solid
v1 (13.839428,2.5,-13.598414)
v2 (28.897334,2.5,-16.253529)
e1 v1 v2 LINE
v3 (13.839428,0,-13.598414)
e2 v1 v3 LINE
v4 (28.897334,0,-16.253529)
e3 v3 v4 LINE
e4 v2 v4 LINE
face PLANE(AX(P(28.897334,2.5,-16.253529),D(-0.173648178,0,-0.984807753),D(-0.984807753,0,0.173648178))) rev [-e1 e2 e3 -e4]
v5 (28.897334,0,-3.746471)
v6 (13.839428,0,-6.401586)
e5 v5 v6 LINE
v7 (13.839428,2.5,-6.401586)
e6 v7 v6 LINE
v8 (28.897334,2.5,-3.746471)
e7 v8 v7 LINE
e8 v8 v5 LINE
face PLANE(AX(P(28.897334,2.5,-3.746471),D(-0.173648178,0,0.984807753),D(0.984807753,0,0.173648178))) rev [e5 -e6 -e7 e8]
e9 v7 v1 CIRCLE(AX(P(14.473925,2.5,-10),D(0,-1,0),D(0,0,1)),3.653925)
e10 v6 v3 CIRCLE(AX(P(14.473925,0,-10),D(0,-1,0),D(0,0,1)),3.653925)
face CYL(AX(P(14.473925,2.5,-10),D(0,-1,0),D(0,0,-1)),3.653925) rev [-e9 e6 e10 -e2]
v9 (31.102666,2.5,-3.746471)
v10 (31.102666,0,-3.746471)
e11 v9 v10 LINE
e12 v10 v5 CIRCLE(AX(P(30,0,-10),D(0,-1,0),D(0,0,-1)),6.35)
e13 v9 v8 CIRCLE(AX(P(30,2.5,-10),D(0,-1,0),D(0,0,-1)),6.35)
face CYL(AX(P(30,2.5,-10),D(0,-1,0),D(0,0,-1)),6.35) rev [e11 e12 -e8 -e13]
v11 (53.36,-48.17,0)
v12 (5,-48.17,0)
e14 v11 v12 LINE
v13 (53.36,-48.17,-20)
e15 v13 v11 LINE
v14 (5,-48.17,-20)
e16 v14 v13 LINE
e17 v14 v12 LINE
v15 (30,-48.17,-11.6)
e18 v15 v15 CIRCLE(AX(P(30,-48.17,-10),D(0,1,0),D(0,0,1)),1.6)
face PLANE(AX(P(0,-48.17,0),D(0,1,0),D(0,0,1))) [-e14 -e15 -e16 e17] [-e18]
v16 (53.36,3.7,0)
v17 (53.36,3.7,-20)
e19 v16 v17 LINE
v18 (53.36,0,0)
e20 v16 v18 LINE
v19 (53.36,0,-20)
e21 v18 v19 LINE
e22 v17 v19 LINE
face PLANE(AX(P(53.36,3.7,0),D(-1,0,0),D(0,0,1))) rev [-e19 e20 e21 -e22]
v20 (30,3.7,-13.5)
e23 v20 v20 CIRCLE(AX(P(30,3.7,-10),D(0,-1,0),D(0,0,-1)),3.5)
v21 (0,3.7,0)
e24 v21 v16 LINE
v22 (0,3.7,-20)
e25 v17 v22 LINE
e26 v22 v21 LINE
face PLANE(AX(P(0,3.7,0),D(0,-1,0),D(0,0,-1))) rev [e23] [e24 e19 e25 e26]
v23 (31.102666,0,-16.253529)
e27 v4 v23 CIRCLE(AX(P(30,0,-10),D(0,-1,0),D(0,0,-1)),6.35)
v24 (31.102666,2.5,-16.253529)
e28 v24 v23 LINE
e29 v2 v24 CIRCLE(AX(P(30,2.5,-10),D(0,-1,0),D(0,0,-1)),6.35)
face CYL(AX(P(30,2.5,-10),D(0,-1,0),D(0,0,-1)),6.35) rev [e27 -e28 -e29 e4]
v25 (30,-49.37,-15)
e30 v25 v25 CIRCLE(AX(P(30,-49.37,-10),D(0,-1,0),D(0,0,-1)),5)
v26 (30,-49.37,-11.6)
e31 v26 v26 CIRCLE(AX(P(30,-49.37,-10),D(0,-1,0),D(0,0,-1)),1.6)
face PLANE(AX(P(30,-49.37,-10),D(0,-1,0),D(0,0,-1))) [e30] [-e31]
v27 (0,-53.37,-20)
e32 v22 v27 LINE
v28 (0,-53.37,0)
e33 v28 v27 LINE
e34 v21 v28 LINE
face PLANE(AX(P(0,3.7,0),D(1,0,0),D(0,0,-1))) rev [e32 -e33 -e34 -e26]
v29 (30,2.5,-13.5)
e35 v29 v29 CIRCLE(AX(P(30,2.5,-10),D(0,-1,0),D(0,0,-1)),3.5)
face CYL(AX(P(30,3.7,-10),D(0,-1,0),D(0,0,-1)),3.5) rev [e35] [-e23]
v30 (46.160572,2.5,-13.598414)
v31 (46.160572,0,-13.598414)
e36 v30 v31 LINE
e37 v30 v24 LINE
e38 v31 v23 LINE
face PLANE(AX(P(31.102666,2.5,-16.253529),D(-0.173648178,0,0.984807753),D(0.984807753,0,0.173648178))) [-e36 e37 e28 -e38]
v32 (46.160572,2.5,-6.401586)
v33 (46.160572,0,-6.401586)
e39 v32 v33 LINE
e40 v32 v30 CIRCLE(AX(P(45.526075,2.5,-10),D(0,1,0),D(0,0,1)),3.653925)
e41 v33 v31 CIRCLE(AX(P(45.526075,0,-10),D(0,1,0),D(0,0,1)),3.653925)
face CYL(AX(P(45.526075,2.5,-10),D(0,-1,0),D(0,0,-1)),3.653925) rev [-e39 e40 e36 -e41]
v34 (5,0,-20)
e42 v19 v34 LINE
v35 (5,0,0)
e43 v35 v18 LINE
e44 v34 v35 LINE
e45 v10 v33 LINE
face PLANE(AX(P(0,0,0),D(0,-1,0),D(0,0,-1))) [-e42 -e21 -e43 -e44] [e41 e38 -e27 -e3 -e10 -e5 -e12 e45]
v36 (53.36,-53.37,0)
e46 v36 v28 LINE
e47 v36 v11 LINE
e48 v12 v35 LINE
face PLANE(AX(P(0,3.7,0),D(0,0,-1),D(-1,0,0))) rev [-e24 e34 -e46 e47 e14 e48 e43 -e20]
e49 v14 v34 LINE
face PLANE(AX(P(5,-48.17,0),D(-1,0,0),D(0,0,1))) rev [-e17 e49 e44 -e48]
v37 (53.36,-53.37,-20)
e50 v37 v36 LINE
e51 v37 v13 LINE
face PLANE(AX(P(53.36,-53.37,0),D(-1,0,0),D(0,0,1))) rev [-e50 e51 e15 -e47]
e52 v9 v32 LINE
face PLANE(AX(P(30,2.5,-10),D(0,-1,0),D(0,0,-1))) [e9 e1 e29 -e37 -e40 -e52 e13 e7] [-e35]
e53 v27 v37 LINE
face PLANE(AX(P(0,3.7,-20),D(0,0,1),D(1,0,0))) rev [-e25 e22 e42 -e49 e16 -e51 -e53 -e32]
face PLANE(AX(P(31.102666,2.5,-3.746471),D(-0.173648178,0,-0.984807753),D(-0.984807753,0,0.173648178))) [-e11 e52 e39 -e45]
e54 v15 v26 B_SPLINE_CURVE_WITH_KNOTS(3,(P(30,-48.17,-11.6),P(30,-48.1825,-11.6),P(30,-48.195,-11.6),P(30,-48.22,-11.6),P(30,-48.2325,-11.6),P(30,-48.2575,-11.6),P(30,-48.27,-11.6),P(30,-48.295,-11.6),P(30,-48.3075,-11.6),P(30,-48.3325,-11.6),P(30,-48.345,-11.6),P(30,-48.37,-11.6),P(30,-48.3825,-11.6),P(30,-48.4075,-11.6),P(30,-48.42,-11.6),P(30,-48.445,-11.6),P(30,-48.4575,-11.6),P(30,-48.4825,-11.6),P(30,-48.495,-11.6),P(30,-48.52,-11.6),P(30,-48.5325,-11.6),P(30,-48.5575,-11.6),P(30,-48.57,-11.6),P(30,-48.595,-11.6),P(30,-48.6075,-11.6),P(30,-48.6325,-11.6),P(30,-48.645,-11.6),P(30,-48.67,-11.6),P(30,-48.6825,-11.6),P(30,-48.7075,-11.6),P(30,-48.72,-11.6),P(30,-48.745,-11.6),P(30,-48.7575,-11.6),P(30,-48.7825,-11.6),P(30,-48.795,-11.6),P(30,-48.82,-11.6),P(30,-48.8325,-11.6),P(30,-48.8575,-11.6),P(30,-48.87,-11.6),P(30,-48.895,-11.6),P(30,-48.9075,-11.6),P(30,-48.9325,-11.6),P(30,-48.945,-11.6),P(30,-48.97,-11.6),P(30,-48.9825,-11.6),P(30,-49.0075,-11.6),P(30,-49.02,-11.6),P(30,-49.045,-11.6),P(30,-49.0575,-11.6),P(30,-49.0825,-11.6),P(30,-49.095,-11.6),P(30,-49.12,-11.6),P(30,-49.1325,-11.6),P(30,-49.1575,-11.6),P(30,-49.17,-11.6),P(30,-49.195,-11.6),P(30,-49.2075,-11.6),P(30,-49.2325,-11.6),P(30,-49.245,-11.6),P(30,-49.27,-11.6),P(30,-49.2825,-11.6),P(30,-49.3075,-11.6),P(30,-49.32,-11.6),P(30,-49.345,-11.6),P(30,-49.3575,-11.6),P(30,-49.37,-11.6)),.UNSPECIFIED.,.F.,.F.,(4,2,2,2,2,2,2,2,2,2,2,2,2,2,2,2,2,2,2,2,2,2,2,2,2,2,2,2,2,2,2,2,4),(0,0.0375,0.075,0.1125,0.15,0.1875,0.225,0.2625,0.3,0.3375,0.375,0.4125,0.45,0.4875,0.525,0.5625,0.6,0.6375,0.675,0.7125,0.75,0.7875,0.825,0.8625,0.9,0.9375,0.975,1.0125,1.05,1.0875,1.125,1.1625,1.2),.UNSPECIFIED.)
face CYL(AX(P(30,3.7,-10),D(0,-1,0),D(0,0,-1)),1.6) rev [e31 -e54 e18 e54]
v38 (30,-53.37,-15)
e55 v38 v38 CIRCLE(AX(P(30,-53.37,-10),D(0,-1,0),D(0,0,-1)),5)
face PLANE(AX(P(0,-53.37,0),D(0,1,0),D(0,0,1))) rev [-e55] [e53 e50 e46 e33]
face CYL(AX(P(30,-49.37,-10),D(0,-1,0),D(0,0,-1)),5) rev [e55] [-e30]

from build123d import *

# Parameters (mm, degrees)
CROQUIS1_W              = 53.36
CROQUIS1_H              = 20
SALIENTE_EXTRUIR1_DEPTH = 3.7
CROQUIS2_W              = 5
CROQUIS2_H              = 20
SALIENTE_EXTRUIR2_DEPTH = 48.17
CROQUIS3_W              = 53.36
CROQUIS3_H              = 20
SALIENTE_EXTRUIR3_DEPTH = 5.2
CORTAR_EXTRUIR1_DEPTH   = 2.5
CROQUIS5_R              = 3.5
CORTAR_EXTRUIR2_DEPTH   = 80.804426569
CROQUIS6_R              = 5
CORTAR_EXTRUIR3_DEPTH   = 4
CROQUIS7_R              = 1.6
CORTAR_EXTRUIR4_DEPTH   = 78.86985617


with BuildPart() as part:
    # Croquis1 → Saliente-Extruir1 (new body)
    with BuildSketch(Plane(origin=(0, 0, 0), x_dir=(1, 0, 0), z_dir=(0, 1, 0))):
        with Locations((26.68, 10)):
            Rectangle(CROQUIS1_W, CROQUIS1_H)
    extrude(amount=SALIENTE_EXTRUIR1_DEPTH)

    # Croquis2 → Saliente-Extruir2 (add)
    with BuildSketch(Plane.XZ):
        with Locations((2.5, -10)):
            Rectangle(CROQUIS2_W, CROQUIS2_H)
    extrude(amount=SALIENTE_EXTRUIR2_DEPTH)

    # Croquis3 → Saliente-Extruir3 (add)
    with BuildSketch(Plane.XZ.offset(48.17)):
        with Locations((26.68, -10)):
            Rectangle(CROQUIS3_W, CROQUIS3_H)
    extrude(amount=SALIENTE_EXTRUIR3_DEPTH)

    # Croquis4 → Cortar-Extruir1 (cut)
    with BuildSketch(Plane.XZ):
        with BuildLine():
            Line((28.897334072, -3.746470768), (13.839427952, -6.40158589))
            ThreePointArc((13.839427952, -6.40158589), (10.82, -10), (13.839427952, -13.59841411))
            Line((13.839427952, -13.59841411), (28.897334072, -16.253529232))
            ThreePointArc((28.897334072, -16.253529232), (29.446561034, -16.325836333), (30, -16.35))
            Line((30, -16.35), (30, -3.65))
            ThreePointArc((30, -3.65), (29.446561034, -3.674163667), (28.897334072, -3.746470768))
        make_face()
    cortar_extruir1 = extrude(amount=-CORTAR_EXTRUIR1_DEPTH, mode=Mode.SUBTRACT)

    # Simetría1: Cortar-Extruir1 across plane
    add(cortar_extruir1.mirror(Plane(origin=(30, 2.5, -3.65), x_dir=(0, 0, 1), z_dir=(1, 0, 0))), mode=Mode.SUBTRACT)

    # Croquis5 → Cortar-Extruir2 (cut, through all)
    with BuildSketch(Plane.XZ.offset(-2.5)):
        with Locations(Location((30, -10, 0), (0, 0, 270))):
            Circle(CROQUIS5_R)
    extrude(amount=-CORTAR_EXTRUIR2_DEPTH, mode=Mode.SUBTRACT)

    # Croquis6 → Cortar-Extruir3 (cut)
    with BuildSketch(Plane.XZ.offset(53.37)):
        with Locations(Location((30, -10, 0), (0, 0, 270))):
            Circle(CROQUIS6_R)
    extrude(amount=-CORTAR_EXTRUIR3_DEPTH, mode=Mode.SUBTRACT)

    # Croquis7 → Cortar-Extruir4 (cut, through all)
    with BuildSketch(Plane.XZ.offset(49.37)):
        with Locations(Location((30, -10, 0), (0, 0, 270))):
            Circle(CROQUIS7_R)
    extrude(amount=-CORTAR_EXTRUIR4_DEPTH, mode=Mode.SUBTRACT)


solid = part.part
